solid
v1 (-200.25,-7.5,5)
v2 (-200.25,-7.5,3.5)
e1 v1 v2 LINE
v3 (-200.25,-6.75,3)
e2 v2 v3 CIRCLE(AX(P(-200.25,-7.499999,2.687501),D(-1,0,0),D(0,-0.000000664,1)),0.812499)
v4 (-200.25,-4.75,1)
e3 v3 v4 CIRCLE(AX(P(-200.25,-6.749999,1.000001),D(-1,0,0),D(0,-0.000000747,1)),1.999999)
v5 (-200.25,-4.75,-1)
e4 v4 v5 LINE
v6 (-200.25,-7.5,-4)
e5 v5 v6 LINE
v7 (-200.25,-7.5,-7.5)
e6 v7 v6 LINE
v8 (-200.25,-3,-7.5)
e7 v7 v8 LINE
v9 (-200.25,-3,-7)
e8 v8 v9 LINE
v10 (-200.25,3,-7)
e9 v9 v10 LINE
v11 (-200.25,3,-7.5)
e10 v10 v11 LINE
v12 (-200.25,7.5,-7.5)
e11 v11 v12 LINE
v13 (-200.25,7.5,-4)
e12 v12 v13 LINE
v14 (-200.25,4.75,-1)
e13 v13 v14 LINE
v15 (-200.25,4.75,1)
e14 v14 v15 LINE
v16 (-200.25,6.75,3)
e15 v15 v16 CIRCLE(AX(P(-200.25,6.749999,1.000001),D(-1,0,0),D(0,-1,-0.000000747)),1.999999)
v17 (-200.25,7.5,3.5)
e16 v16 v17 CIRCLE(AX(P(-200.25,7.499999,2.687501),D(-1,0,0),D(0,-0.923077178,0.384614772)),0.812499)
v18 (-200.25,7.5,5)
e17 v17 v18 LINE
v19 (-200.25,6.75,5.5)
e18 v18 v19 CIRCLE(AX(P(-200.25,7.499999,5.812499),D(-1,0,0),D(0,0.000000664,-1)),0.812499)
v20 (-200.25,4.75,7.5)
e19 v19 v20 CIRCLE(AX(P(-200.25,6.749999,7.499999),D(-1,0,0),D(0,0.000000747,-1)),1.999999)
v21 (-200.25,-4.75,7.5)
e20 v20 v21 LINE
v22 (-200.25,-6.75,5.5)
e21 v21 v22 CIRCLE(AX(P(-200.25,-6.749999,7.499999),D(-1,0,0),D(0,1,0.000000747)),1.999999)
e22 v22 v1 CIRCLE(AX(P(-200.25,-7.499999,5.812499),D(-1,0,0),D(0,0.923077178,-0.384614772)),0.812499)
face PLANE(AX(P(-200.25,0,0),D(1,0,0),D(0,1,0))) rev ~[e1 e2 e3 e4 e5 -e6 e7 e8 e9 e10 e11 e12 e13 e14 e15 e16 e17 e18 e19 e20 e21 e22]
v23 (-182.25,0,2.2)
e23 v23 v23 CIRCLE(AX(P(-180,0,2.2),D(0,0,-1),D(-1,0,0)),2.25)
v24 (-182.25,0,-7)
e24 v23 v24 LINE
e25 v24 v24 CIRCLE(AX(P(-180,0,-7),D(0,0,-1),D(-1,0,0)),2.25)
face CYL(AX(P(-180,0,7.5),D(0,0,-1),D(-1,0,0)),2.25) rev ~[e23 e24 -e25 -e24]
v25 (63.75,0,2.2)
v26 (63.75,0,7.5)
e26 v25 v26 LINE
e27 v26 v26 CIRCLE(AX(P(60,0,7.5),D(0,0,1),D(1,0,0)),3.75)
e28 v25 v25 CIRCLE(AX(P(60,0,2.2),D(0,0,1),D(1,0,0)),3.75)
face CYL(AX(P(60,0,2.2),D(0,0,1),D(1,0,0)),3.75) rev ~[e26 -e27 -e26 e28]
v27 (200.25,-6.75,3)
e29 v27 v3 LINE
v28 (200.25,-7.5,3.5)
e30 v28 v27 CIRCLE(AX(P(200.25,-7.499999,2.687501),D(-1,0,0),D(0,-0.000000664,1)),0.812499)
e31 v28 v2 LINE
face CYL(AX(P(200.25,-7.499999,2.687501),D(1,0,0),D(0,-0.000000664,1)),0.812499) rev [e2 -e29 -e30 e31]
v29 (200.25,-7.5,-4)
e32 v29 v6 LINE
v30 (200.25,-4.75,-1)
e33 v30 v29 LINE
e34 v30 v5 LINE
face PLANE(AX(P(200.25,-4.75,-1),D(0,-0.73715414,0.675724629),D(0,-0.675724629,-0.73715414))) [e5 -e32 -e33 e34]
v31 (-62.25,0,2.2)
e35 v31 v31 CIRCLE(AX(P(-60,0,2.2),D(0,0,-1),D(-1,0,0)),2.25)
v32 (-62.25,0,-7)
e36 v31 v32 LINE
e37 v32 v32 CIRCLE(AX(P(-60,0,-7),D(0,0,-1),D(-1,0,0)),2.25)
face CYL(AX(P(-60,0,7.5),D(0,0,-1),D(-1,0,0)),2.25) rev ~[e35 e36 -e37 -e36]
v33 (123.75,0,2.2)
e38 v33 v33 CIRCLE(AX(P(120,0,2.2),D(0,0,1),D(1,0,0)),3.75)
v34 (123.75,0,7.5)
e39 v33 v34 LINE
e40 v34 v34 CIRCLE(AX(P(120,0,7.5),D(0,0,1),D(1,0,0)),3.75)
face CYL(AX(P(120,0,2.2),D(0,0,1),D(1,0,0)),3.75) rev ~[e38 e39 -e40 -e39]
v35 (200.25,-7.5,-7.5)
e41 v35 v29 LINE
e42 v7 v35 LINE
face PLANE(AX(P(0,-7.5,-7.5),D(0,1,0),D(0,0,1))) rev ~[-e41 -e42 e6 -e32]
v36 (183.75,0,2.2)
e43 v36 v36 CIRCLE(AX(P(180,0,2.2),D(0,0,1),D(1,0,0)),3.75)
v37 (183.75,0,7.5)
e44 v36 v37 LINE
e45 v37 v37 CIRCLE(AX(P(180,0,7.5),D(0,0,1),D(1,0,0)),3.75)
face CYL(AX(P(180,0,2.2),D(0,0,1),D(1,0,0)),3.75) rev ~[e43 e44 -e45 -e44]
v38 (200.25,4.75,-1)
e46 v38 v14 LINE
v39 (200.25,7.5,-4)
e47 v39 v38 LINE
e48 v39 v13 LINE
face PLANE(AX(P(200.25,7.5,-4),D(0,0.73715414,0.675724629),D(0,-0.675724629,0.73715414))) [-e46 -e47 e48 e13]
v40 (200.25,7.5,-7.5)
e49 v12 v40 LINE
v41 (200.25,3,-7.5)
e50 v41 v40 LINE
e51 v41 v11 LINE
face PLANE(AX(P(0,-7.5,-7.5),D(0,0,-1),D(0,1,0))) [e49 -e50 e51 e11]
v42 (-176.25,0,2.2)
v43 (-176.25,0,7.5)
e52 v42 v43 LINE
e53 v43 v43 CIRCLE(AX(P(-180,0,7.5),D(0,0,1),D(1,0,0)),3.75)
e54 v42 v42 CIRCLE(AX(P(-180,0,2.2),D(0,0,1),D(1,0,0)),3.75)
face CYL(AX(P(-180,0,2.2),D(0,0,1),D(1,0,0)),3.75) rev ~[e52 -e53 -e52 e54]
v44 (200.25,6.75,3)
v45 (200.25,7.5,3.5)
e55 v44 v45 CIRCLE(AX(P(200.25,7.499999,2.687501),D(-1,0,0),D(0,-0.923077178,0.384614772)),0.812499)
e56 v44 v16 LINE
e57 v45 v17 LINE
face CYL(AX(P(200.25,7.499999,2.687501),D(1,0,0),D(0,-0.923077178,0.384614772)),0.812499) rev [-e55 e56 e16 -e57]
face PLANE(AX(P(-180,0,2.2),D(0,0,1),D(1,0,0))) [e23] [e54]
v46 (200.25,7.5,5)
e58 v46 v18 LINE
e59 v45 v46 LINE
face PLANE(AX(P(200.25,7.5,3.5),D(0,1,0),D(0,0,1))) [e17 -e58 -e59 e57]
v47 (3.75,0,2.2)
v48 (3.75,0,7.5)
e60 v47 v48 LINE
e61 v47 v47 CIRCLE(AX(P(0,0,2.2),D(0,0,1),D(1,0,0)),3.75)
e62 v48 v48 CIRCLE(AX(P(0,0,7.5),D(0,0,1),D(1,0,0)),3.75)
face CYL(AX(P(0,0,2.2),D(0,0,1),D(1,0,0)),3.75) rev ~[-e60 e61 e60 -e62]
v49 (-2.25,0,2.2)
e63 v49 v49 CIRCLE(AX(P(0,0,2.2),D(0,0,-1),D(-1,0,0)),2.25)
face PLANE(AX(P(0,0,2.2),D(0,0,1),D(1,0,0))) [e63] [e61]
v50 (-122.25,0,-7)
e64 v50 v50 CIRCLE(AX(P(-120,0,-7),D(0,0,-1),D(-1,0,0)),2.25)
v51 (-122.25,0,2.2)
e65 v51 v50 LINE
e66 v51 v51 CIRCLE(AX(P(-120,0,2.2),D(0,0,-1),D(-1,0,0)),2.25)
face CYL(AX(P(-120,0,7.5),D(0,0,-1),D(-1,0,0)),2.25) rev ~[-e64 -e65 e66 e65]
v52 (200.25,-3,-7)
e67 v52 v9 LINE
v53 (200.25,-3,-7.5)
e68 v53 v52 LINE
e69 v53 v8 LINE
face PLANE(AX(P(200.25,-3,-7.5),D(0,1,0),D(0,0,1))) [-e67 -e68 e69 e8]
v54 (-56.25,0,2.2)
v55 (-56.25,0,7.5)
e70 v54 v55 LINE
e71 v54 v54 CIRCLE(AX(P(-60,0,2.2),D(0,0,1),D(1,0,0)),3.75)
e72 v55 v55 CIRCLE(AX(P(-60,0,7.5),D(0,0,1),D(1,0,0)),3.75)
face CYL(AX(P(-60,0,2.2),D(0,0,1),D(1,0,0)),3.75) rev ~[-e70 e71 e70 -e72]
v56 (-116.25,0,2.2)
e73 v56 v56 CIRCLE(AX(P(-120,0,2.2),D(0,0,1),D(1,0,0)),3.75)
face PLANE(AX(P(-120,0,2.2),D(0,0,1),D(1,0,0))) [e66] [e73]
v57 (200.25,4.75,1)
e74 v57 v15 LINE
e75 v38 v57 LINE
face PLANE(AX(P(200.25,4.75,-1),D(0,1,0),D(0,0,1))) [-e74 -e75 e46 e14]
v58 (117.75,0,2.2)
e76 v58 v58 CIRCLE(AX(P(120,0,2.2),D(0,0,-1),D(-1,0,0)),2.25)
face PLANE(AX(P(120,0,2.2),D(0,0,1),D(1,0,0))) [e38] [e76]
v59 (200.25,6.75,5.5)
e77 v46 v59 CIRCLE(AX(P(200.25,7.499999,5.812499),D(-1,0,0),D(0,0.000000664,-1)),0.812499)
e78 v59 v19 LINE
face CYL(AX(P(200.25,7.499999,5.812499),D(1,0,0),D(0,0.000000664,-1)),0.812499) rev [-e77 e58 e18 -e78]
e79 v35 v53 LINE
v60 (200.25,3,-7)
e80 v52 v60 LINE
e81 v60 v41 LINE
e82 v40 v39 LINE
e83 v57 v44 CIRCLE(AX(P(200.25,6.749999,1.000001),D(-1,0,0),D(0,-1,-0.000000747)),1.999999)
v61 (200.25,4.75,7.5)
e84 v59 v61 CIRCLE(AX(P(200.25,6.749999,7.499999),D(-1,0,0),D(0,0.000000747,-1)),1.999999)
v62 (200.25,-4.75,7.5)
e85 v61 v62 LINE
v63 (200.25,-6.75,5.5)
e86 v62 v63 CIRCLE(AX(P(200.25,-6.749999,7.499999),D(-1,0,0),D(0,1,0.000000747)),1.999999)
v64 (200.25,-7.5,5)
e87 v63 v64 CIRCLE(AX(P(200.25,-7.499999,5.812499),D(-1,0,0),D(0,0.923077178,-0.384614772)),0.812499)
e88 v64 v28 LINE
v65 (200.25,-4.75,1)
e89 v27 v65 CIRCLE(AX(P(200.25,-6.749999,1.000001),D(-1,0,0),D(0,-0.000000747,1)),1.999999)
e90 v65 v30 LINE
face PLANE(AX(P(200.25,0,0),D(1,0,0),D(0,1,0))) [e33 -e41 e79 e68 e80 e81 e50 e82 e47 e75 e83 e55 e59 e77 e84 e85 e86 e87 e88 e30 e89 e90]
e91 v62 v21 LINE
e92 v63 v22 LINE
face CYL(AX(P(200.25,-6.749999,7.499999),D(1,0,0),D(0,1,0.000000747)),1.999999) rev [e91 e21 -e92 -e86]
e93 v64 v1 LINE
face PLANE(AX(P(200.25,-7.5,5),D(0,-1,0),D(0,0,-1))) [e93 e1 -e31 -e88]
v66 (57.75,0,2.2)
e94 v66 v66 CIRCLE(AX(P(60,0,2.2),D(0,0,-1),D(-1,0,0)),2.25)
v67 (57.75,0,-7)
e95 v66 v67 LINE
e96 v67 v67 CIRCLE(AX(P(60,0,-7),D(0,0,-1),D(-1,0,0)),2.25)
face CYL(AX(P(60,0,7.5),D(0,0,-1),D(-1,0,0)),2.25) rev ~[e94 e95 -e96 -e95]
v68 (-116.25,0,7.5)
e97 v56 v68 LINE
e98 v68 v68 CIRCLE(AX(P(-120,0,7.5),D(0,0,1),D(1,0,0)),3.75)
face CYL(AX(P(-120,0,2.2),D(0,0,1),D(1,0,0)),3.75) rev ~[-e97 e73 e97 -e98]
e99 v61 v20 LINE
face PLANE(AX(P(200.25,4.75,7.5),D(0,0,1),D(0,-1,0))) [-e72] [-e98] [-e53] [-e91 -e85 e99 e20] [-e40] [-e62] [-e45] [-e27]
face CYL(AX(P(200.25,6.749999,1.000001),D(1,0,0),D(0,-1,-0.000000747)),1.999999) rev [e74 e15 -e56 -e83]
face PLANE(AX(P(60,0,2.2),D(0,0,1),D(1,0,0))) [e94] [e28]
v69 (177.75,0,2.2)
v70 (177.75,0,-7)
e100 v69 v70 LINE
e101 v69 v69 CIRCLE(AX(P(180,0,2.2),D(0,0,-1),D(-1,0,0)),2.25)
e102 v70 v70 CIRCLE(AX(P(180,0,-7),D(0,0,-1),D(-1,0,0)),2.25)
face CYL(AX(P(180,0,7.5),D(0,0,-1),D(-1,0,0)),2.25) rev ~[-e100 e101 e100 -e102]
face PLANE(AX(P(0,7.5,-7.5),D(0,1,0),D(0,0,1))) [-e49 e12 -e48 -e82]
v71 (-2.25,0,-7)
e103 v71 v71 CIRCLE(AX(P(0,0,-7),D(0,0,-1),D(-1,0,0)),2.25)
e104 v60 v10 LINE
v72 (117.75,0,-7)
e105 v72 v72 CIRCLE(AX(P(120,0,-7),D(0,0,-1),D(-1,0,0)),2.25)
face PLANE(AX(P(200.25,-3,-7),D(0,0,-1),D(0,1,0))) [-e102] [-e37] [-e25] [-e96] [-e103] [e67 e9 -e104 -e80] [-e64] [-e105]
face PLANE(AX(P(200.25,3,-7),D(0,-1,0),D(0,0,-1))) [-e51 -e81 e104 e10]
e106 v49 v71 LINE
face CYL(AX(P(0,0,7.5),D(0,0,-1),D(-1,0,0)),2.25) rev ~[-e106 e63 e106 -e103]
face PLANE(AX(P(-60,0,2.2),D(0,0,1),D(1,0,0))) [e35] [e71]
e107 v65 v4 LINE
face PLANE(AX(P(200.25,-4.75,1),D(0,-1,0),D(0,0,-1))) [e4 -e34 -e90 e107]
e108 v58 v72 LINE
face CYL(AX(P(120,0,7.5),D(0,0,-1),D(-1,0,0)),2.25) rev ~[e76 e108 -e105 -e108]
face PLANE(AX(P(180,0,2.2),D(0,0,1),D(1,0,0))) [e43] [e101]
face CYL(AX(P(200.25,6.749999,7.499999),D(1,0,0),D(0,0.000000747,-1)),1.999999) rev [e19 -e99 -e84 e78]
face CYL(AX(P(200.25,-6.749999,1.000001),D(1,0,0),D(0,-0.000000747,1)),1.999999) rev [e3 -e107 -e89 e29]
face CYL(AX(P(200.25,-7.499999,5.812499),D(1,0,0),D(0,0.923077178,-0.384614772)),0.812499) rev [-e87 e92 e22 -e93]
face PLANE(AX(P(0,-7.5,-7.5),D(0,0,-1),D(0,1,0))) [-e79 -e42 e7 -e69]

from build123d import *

# Parameters (mm, degrees)
F0_W           = 15
F0_H           = 15
F1_DEPTH       = 200.25
F3_DEPTH       = 400.5
F5_D           = 4.5
F5_CBORE_D     = 7.5
F5_CBORE_DEPTH = 5.3


with BuildPart() as f1:
    # F0 (on Right) → F1 (new body, symmetric)
    with BuildSketch(Plane.YZ):
        Rectangle(F0_W, F0_H)
    extrude(amount=F1_DEPTH, both=True)

    # F2 (on face) → F3 (intersect, through all)
    with BuildSketch(Plane.YZ.offset(200.25)):
        with BuildLine():
            Line((4.75, 7.5), (0, 7.5))
            Line((0, 7.5), (-4.75, 7.5))
            ThreePointArc((-4.75, 7.5), (-5.335786, 6.085786), (-6.75, 5.5))
            ThreePointArc((-6.75, 5.5), (-7.049306, 5.136459), (-7.5, 5))
            Line((-7.5, 5), (-7.5, 3.5))
            ThreePointArc((-7.5, 3.5), (-7.049306, 3.363541), (-6.75, 3))
            ThreePointArc((-6.75, 3), (-5.335786, 2.414214), (-4.75, 1))
            Line((-4.75, 1), (-4.75, -1))
            Line((-4.75, -1), (-7.5, -4))
            Line((-7.5, -4), (-7.5, -7.5))
            Line((-7.5, -7.5), (-3, -7.5))
            Line((-3, -7.5), (-3, -7))
            Line((-3, -7), (0, -7))
            Line((0, -7), (3, -7))
            Line((3, -7), (3, -7.5))
            Line((3, -7.5), (7.5, -7.5))
            Line((7.5, -7.5), (7.5, -4))
            Line((7.5, -4), (4.75, -1))
            Line((4.75, -1), (4.75, 1))
            ThreePointArc((4.75, 1), (5.335786, 2.414214), (6.75, 3))
            ThreePointArc((6.75, 3), (7.049306, 3.363541), (7.5, 3.5))
            Line((7.5, 3.5), (7.5, 5))
            ThreePointArc((7.5, 5), (7.049306, 5.136459), (6.75, 5.5))
            ThreePointArc((6.75, 5.5), (5.335786, 6.085786), (4.75, 7.5))
        make_face()
    extrude(amount=-F3_DEPTH, mode=Mode.INTERSECT)

    # F5 (through all)
    with Locations(Plane.XY.offset(7.5)):
        with Locations((-180, 0), (-120, 0), (-60, 0), (0, 0), (60, 0), (120, 0), (180, 0)):
            CounterBoreHole(F5_D / 2, F5_CBORE_D / 2, F5_CBORE_DEPTH)


solid = f1.part
